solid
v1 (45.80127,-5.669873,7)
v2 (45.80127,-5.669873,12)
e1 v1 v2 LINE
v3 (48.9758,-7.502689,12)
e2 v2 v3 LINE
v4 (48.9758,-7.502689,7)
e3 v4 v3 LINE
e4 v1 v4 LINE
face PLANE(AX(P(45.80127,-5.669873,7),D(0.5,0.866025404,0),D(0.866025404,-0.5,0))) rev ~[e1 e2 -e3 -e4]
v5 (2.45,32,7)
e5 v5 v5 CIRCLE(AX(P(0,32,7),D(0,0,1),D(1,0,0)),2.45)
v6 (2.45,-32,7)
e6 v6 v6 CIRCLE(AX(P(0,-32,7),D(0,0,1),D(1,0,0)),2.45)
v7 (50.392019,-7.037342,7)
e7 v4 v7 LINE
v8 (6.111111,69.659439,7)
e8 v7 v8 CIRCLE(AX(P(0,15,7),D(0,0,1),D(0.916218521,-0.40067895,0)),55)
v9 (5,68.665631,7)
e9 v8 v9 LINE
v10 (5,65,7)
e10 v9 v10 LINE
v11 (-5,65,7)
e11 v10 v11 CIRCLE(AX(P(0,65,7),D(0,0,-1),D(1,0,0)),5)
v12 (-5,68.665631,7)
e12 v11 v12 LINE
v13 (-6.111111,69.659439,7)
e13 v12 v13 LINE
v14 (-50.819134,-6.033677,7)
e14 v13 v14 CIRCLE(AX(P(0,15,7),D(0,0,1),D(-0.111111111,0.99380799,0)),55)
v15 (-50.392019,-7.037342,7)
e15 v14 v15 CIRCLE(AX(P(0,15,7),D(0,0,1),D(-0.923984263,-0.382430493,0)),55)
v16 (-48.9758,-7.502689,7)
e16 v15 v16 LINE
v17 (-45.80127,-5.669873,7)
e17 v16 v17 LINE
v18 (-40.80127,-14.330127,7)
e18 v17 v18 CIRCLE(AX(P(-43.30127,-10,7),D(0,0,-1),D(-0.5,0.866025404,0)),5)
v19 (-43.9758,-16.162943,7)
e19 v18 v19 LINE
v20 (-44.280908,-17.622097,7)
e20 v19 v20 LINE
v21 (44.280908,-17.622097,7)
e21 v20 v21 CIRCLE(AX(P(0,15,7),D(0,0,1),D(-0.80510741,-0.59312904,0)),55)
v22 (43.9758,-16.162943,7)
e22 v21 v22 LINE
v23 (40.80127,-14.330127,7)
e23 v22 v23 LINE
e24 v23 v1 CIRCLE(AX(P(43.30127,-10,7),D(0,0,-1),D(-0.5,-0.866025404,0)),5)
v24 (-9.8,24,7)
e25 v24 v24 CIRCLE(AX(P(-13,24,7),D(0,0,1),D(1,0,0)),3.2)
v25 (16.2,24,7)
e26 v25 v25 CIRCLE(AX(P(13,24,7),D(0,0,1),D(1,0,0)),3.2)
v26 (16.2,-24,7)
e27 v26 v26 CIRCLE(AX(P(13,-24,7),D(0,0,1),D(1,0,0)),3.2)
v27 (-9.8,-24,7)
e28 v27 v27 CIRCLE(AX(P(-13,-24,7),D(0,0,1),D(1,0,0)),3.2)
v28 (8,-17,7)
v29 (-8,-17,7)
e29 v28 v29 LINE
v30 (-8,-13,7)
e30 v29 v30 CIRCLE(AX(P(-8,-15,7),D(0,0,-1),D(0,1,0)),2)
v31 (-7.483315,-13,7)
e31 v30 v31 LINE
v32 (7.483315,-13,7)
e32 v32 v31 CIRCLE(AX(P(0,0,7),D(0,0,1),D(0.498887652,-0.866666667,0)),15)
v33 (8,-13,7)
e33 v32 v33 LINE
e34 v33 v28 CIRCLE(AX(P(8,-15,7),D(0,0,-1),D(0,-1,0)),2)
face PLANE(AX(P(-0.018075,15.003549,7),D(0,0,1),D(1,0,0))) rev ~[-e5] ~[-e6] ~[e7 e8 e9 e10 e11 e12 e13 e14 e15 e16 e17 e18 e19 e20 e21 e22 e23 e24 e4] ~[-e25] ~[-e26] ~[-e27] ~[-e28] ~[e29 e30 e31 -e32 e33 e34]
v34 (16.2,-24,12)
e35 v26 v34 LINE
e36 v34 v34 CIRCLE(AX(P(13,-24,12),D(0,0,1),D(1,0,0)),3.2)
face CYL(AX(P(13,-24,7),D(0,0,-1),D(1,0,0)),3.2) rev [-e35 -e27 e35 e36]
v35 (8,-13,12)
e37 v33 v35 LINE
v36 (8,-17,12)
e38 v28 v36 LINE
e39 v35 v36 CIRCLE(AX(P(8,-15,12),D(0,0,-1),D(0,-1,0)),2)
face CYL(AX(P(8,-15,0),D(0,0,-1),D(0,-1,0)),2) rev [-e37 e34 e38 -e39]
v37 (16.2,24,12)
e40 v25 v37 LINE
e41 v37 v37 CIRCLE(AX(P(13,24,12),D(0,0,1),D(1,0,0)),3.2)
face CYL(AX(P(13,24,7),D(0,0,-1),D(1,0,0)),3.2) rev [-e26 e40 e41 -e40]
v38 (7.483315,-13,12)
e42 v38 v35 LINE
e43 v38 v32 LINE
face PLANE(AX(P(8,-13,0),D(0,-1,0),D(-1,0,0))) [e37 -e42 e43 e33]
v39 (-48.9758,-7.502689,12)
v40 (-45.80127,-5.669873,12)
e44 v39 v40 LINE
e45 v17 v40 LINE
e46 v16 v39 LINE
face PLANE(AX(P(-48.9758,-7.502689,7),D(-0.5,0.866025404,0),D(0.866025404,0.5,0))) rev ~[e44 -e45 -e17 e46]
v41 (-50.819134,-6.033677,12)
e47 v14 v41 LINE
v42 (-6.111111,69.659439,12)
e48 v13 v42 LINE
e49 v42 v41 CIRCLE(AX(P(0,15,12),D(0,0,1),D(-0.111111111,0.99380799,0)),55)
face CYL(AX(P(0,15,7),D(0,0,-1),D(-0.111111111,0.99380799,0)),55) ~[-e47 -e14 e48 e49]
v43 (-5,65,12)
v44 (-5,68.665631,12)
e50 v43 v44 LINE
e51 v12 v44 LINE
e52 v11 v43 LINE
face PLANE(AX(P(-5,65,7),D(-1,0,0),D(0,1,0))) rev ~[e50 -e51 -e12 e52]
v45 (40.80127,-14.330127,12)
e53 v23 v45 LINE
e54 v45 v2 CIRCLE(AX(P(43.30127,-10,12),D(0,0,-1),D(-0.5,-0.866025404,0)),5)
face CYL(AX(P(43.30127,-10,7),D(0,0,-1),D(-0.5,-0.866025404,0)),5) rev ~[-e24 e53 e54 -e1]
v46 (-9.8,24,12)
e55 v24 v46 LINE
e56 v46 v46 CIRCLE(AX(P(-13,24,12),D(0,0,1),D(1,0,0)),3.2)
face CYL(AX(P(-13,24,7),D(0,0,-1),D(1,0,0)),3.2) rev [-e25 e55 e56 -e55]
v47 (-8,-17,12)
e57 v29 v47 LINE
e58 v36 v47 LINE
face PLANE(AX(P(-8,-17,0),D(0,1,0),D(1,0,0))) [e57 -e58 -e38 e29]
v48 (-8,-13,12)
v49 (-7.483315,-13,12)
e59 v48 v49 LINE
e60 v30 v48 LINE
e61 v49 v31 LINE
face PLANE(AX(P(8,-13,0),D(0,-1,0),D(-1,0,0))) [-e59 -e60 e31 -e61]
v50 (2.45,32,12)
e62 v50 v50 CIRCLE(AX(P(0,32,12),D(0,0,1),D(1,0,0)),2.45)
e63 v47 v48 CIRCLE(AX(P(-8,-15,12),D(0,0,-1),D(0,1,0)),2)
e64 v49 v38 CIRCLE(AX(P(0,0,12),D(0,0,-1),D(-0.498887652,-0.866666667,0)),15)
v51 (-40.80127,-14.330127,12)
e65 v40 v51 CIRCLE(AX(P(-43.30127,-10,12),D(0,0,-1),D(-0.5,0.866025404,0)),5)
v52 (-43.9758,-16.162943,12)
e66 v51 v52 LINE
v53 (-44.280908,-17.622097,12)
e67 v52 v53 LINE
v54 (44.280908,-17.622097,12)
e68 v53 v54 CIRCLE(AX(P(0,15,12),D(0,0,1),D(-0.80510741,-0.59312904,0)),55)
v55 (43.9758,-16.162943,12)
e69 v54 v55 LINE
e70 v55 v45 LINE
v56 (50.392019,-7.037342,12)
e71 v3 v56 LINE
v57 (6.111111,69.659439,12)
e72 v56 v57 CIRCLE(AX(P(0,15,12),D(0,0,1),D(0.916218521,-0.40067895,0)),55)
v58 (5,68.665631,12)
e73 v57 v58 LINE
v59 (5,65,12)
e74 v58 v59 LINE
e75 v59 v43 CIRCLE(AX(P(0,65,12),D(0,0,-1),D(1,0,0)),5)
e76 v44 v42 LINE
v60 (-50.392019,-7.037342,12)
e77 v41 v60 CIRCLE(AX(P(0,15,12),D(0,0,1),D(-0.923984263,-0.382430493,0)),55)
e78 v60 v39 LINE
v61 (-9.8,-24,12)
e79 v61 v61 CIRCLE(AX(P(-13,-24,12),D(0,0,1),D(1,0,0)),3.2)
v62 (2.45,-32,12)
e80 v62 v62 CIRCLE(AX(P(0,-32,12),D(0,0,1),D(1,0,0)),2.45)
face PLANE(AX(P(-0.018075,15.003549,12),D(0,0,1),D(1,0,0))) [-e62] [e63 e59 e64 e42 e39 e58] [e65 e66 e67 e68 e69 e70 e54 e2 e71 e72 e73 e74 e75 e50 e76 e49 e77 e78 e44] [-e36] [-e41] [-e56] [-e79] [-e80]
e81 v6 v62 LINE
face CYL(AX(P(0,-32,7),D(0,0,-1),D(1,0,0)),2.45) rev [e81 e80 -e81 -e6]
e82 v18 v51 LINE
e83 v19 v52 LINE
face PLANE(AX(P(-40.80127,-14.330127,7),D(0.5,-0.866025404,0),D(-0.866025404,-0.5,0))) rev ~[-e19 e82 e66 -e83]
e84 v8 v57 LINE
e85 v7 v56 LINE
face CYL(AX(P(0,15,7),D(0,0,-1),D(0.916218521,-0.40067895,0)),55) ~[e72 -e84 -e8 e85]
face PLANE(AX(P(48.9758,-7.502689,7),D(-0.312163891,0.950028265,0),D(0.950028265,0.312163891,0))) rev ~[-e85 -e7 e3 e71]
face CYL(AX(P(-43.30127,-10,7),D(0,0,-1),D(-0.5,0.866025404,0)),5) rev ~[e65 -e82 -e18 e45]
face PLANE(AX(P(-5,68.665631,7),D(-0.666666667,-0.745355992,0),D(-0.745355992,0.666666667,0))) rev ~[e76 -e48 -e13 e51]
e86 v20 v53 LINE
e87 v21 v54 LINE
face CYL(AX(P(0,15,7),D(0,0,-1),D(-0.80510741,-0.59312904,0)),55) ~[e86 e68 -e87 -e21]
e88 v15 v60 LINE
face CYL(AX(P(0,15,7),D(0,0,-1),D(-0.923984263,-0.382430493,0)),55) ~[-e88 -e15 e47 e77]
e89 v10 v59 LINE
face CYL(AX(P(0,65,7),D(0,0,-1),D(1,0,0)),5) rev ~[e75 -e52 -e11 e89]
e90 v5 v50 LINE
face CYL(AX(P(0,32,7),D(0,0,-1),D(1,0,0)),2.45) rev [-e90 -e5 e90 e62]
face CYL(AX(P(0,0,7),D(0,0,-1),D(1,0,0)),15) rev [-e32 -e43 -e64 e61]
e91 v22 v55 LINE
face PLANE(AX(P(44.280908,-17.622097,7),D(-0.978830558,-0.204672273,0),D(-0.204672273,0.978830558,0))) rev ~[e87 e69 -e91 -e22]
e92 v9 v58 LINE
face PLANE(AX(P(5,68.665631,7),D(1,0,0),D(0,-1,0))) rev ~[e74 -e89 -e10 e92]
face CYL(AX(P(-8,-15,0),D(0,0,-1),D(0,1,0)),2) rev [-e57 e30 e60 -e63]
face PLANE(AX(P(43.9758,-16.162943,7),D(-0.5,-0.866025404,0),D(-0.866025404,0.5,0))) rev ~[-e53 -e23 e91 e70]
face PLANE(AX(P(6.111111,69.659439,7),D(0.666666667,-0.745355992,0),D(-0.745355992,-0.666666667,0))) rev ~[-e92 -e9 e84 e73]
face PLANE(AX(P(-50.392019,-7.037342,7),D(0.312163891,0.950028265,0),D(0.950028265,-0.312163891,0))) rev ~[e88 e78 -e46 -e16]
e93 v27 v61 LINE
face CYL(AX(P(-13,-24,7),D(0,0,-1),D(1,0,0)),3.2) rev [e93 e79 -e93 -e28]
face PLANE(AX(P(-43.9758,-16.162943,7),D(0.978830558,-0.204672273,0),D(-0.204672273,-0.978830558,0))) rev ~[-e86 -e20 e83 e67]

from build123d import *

# Parameters (mm, degrees)
F1_START      = 7
F0_R          = 2.45
F0_R_2        = 3.2
F0_R_3        = 15
F1_DEPTH      = 5
F3_DEPTH      = 40
F3_DEPTH_BACK = 40


with BuildPart() as f1:
    # F0 (on Top) → F1 (new body)
    with BuildSketch(Plane.XY.offset(F1_START)):
        with BuildLine():
            Line((48.9758001545, -7.5026887111), (50.3920186759, -7.0373422574))
            ThreePointArc((50.3920186759, -7.0373422574), (47.6313972081, 42.5), (6.1111111111, 69.65943945))
            Line((6.1111111111, 69.65943945), (5, 68.66563146))
            Line((5, 68.66563146), (5, 65))
            ThreePointArc((5, 65), (0, 60), (-5, 65))
            Line((-5, 65), (-5, 68.66563146))
            Line((-5, 68.66563146), (-6.1111111111, 69.65943945))
            ThreePointArc((-6.1111111111, 69.65943945), (-47.3563637716, 42.9709637004), (-50.8191344463, -6.0336771423))
            ThreePointArc((-50.8191344463, -6.0336771423), (-50.6080647229, -6.5365685522), (-50.3920186759, -7.0373422574))
            Line((-50.3920186759, -7.0373422574), (-48.9758001545, -7.5026887111))
            Line((-48.9758001545, -7.5026887111), (-45.8012701892, -5.6698729811))
            ThreePointArc((-45.8012701892, -5.6698729811), (-38.9711431703, -7.5), (-40.8012701892, -14.3301270189))
            Line((-40.8012701892, -14.3301270189), (-43.9758001545, -16.1629427489))
            Line((-43.9758001545, -16.1629427489), (-44.2809075648, -17.6220971926))
            ThreePointArc((-44.2809075648, -17.6220971926), (0, -40), (44.2809075648, -17.6220971926))
            Line((44.2809075648, -17.6220971926), (43.9758001545, -16.1629427489))
            Line((43.9758001545, -16.1629427489), (40.8012701892, -14.3301270189))
            ThreePointArc((40.8012701892, -14.3301270189), (38.9711431703, -7.5), (45.8012701892, -5.6698729811))
            Line((45.8012701892, -5.6698729811), (48.9758001545, -7.5026887111))
        make_face()
        with Locations((0, -32)):
            Circle(F0_R, mode=Mode.SUBTRACT)
        with Locations((-13, -24)):
            Circle(F0_R_2, mode=Mode.SUBTRACT)
        Circle(F0_R_3, mode=Mode.SUBTRACT)
        with Locations((13, -24)):
            Circle(F0_R_2, mode=Mode.SUBTRACT)
        with Locations((-13, 24)):
            Circle(F0_R_2, mode=Mode.SUBTRACT)
        with Locations((0, 32)):
            Circle(F0_R, mode=Mode.SUBTRACT)
        with Locations((13, 24)):
            Circle(F0_R_2, mode=Mode.SUBTRACT)
    extrude(amount=F1_DEPTH)

    # F2 (on Top) → F3 (cut, two sides)
    with BuildSketch(Plane.XY) as f3_sk:
        with BuildLine():
            Line((0, -13), (-8, -13))
            ThreePointArc((-8, -13), (-10, -15), (-8, -17))
            Line((-8, -17), (0, -17))
            Line((0, -17), (8, -17))
            ThreePointArc((8, -17), (10, -15), (8, -13))
            Line((8, -13), (0, -13))
        make_face()
    extrude(amount=-F3_DEPTH, mode=Mode.SUBTRACT)
    extrude(f3_sk.sketch, amount=F3_DEPTH_BACK, mode=Mode.SUBTRACT)


solid = f1.part
